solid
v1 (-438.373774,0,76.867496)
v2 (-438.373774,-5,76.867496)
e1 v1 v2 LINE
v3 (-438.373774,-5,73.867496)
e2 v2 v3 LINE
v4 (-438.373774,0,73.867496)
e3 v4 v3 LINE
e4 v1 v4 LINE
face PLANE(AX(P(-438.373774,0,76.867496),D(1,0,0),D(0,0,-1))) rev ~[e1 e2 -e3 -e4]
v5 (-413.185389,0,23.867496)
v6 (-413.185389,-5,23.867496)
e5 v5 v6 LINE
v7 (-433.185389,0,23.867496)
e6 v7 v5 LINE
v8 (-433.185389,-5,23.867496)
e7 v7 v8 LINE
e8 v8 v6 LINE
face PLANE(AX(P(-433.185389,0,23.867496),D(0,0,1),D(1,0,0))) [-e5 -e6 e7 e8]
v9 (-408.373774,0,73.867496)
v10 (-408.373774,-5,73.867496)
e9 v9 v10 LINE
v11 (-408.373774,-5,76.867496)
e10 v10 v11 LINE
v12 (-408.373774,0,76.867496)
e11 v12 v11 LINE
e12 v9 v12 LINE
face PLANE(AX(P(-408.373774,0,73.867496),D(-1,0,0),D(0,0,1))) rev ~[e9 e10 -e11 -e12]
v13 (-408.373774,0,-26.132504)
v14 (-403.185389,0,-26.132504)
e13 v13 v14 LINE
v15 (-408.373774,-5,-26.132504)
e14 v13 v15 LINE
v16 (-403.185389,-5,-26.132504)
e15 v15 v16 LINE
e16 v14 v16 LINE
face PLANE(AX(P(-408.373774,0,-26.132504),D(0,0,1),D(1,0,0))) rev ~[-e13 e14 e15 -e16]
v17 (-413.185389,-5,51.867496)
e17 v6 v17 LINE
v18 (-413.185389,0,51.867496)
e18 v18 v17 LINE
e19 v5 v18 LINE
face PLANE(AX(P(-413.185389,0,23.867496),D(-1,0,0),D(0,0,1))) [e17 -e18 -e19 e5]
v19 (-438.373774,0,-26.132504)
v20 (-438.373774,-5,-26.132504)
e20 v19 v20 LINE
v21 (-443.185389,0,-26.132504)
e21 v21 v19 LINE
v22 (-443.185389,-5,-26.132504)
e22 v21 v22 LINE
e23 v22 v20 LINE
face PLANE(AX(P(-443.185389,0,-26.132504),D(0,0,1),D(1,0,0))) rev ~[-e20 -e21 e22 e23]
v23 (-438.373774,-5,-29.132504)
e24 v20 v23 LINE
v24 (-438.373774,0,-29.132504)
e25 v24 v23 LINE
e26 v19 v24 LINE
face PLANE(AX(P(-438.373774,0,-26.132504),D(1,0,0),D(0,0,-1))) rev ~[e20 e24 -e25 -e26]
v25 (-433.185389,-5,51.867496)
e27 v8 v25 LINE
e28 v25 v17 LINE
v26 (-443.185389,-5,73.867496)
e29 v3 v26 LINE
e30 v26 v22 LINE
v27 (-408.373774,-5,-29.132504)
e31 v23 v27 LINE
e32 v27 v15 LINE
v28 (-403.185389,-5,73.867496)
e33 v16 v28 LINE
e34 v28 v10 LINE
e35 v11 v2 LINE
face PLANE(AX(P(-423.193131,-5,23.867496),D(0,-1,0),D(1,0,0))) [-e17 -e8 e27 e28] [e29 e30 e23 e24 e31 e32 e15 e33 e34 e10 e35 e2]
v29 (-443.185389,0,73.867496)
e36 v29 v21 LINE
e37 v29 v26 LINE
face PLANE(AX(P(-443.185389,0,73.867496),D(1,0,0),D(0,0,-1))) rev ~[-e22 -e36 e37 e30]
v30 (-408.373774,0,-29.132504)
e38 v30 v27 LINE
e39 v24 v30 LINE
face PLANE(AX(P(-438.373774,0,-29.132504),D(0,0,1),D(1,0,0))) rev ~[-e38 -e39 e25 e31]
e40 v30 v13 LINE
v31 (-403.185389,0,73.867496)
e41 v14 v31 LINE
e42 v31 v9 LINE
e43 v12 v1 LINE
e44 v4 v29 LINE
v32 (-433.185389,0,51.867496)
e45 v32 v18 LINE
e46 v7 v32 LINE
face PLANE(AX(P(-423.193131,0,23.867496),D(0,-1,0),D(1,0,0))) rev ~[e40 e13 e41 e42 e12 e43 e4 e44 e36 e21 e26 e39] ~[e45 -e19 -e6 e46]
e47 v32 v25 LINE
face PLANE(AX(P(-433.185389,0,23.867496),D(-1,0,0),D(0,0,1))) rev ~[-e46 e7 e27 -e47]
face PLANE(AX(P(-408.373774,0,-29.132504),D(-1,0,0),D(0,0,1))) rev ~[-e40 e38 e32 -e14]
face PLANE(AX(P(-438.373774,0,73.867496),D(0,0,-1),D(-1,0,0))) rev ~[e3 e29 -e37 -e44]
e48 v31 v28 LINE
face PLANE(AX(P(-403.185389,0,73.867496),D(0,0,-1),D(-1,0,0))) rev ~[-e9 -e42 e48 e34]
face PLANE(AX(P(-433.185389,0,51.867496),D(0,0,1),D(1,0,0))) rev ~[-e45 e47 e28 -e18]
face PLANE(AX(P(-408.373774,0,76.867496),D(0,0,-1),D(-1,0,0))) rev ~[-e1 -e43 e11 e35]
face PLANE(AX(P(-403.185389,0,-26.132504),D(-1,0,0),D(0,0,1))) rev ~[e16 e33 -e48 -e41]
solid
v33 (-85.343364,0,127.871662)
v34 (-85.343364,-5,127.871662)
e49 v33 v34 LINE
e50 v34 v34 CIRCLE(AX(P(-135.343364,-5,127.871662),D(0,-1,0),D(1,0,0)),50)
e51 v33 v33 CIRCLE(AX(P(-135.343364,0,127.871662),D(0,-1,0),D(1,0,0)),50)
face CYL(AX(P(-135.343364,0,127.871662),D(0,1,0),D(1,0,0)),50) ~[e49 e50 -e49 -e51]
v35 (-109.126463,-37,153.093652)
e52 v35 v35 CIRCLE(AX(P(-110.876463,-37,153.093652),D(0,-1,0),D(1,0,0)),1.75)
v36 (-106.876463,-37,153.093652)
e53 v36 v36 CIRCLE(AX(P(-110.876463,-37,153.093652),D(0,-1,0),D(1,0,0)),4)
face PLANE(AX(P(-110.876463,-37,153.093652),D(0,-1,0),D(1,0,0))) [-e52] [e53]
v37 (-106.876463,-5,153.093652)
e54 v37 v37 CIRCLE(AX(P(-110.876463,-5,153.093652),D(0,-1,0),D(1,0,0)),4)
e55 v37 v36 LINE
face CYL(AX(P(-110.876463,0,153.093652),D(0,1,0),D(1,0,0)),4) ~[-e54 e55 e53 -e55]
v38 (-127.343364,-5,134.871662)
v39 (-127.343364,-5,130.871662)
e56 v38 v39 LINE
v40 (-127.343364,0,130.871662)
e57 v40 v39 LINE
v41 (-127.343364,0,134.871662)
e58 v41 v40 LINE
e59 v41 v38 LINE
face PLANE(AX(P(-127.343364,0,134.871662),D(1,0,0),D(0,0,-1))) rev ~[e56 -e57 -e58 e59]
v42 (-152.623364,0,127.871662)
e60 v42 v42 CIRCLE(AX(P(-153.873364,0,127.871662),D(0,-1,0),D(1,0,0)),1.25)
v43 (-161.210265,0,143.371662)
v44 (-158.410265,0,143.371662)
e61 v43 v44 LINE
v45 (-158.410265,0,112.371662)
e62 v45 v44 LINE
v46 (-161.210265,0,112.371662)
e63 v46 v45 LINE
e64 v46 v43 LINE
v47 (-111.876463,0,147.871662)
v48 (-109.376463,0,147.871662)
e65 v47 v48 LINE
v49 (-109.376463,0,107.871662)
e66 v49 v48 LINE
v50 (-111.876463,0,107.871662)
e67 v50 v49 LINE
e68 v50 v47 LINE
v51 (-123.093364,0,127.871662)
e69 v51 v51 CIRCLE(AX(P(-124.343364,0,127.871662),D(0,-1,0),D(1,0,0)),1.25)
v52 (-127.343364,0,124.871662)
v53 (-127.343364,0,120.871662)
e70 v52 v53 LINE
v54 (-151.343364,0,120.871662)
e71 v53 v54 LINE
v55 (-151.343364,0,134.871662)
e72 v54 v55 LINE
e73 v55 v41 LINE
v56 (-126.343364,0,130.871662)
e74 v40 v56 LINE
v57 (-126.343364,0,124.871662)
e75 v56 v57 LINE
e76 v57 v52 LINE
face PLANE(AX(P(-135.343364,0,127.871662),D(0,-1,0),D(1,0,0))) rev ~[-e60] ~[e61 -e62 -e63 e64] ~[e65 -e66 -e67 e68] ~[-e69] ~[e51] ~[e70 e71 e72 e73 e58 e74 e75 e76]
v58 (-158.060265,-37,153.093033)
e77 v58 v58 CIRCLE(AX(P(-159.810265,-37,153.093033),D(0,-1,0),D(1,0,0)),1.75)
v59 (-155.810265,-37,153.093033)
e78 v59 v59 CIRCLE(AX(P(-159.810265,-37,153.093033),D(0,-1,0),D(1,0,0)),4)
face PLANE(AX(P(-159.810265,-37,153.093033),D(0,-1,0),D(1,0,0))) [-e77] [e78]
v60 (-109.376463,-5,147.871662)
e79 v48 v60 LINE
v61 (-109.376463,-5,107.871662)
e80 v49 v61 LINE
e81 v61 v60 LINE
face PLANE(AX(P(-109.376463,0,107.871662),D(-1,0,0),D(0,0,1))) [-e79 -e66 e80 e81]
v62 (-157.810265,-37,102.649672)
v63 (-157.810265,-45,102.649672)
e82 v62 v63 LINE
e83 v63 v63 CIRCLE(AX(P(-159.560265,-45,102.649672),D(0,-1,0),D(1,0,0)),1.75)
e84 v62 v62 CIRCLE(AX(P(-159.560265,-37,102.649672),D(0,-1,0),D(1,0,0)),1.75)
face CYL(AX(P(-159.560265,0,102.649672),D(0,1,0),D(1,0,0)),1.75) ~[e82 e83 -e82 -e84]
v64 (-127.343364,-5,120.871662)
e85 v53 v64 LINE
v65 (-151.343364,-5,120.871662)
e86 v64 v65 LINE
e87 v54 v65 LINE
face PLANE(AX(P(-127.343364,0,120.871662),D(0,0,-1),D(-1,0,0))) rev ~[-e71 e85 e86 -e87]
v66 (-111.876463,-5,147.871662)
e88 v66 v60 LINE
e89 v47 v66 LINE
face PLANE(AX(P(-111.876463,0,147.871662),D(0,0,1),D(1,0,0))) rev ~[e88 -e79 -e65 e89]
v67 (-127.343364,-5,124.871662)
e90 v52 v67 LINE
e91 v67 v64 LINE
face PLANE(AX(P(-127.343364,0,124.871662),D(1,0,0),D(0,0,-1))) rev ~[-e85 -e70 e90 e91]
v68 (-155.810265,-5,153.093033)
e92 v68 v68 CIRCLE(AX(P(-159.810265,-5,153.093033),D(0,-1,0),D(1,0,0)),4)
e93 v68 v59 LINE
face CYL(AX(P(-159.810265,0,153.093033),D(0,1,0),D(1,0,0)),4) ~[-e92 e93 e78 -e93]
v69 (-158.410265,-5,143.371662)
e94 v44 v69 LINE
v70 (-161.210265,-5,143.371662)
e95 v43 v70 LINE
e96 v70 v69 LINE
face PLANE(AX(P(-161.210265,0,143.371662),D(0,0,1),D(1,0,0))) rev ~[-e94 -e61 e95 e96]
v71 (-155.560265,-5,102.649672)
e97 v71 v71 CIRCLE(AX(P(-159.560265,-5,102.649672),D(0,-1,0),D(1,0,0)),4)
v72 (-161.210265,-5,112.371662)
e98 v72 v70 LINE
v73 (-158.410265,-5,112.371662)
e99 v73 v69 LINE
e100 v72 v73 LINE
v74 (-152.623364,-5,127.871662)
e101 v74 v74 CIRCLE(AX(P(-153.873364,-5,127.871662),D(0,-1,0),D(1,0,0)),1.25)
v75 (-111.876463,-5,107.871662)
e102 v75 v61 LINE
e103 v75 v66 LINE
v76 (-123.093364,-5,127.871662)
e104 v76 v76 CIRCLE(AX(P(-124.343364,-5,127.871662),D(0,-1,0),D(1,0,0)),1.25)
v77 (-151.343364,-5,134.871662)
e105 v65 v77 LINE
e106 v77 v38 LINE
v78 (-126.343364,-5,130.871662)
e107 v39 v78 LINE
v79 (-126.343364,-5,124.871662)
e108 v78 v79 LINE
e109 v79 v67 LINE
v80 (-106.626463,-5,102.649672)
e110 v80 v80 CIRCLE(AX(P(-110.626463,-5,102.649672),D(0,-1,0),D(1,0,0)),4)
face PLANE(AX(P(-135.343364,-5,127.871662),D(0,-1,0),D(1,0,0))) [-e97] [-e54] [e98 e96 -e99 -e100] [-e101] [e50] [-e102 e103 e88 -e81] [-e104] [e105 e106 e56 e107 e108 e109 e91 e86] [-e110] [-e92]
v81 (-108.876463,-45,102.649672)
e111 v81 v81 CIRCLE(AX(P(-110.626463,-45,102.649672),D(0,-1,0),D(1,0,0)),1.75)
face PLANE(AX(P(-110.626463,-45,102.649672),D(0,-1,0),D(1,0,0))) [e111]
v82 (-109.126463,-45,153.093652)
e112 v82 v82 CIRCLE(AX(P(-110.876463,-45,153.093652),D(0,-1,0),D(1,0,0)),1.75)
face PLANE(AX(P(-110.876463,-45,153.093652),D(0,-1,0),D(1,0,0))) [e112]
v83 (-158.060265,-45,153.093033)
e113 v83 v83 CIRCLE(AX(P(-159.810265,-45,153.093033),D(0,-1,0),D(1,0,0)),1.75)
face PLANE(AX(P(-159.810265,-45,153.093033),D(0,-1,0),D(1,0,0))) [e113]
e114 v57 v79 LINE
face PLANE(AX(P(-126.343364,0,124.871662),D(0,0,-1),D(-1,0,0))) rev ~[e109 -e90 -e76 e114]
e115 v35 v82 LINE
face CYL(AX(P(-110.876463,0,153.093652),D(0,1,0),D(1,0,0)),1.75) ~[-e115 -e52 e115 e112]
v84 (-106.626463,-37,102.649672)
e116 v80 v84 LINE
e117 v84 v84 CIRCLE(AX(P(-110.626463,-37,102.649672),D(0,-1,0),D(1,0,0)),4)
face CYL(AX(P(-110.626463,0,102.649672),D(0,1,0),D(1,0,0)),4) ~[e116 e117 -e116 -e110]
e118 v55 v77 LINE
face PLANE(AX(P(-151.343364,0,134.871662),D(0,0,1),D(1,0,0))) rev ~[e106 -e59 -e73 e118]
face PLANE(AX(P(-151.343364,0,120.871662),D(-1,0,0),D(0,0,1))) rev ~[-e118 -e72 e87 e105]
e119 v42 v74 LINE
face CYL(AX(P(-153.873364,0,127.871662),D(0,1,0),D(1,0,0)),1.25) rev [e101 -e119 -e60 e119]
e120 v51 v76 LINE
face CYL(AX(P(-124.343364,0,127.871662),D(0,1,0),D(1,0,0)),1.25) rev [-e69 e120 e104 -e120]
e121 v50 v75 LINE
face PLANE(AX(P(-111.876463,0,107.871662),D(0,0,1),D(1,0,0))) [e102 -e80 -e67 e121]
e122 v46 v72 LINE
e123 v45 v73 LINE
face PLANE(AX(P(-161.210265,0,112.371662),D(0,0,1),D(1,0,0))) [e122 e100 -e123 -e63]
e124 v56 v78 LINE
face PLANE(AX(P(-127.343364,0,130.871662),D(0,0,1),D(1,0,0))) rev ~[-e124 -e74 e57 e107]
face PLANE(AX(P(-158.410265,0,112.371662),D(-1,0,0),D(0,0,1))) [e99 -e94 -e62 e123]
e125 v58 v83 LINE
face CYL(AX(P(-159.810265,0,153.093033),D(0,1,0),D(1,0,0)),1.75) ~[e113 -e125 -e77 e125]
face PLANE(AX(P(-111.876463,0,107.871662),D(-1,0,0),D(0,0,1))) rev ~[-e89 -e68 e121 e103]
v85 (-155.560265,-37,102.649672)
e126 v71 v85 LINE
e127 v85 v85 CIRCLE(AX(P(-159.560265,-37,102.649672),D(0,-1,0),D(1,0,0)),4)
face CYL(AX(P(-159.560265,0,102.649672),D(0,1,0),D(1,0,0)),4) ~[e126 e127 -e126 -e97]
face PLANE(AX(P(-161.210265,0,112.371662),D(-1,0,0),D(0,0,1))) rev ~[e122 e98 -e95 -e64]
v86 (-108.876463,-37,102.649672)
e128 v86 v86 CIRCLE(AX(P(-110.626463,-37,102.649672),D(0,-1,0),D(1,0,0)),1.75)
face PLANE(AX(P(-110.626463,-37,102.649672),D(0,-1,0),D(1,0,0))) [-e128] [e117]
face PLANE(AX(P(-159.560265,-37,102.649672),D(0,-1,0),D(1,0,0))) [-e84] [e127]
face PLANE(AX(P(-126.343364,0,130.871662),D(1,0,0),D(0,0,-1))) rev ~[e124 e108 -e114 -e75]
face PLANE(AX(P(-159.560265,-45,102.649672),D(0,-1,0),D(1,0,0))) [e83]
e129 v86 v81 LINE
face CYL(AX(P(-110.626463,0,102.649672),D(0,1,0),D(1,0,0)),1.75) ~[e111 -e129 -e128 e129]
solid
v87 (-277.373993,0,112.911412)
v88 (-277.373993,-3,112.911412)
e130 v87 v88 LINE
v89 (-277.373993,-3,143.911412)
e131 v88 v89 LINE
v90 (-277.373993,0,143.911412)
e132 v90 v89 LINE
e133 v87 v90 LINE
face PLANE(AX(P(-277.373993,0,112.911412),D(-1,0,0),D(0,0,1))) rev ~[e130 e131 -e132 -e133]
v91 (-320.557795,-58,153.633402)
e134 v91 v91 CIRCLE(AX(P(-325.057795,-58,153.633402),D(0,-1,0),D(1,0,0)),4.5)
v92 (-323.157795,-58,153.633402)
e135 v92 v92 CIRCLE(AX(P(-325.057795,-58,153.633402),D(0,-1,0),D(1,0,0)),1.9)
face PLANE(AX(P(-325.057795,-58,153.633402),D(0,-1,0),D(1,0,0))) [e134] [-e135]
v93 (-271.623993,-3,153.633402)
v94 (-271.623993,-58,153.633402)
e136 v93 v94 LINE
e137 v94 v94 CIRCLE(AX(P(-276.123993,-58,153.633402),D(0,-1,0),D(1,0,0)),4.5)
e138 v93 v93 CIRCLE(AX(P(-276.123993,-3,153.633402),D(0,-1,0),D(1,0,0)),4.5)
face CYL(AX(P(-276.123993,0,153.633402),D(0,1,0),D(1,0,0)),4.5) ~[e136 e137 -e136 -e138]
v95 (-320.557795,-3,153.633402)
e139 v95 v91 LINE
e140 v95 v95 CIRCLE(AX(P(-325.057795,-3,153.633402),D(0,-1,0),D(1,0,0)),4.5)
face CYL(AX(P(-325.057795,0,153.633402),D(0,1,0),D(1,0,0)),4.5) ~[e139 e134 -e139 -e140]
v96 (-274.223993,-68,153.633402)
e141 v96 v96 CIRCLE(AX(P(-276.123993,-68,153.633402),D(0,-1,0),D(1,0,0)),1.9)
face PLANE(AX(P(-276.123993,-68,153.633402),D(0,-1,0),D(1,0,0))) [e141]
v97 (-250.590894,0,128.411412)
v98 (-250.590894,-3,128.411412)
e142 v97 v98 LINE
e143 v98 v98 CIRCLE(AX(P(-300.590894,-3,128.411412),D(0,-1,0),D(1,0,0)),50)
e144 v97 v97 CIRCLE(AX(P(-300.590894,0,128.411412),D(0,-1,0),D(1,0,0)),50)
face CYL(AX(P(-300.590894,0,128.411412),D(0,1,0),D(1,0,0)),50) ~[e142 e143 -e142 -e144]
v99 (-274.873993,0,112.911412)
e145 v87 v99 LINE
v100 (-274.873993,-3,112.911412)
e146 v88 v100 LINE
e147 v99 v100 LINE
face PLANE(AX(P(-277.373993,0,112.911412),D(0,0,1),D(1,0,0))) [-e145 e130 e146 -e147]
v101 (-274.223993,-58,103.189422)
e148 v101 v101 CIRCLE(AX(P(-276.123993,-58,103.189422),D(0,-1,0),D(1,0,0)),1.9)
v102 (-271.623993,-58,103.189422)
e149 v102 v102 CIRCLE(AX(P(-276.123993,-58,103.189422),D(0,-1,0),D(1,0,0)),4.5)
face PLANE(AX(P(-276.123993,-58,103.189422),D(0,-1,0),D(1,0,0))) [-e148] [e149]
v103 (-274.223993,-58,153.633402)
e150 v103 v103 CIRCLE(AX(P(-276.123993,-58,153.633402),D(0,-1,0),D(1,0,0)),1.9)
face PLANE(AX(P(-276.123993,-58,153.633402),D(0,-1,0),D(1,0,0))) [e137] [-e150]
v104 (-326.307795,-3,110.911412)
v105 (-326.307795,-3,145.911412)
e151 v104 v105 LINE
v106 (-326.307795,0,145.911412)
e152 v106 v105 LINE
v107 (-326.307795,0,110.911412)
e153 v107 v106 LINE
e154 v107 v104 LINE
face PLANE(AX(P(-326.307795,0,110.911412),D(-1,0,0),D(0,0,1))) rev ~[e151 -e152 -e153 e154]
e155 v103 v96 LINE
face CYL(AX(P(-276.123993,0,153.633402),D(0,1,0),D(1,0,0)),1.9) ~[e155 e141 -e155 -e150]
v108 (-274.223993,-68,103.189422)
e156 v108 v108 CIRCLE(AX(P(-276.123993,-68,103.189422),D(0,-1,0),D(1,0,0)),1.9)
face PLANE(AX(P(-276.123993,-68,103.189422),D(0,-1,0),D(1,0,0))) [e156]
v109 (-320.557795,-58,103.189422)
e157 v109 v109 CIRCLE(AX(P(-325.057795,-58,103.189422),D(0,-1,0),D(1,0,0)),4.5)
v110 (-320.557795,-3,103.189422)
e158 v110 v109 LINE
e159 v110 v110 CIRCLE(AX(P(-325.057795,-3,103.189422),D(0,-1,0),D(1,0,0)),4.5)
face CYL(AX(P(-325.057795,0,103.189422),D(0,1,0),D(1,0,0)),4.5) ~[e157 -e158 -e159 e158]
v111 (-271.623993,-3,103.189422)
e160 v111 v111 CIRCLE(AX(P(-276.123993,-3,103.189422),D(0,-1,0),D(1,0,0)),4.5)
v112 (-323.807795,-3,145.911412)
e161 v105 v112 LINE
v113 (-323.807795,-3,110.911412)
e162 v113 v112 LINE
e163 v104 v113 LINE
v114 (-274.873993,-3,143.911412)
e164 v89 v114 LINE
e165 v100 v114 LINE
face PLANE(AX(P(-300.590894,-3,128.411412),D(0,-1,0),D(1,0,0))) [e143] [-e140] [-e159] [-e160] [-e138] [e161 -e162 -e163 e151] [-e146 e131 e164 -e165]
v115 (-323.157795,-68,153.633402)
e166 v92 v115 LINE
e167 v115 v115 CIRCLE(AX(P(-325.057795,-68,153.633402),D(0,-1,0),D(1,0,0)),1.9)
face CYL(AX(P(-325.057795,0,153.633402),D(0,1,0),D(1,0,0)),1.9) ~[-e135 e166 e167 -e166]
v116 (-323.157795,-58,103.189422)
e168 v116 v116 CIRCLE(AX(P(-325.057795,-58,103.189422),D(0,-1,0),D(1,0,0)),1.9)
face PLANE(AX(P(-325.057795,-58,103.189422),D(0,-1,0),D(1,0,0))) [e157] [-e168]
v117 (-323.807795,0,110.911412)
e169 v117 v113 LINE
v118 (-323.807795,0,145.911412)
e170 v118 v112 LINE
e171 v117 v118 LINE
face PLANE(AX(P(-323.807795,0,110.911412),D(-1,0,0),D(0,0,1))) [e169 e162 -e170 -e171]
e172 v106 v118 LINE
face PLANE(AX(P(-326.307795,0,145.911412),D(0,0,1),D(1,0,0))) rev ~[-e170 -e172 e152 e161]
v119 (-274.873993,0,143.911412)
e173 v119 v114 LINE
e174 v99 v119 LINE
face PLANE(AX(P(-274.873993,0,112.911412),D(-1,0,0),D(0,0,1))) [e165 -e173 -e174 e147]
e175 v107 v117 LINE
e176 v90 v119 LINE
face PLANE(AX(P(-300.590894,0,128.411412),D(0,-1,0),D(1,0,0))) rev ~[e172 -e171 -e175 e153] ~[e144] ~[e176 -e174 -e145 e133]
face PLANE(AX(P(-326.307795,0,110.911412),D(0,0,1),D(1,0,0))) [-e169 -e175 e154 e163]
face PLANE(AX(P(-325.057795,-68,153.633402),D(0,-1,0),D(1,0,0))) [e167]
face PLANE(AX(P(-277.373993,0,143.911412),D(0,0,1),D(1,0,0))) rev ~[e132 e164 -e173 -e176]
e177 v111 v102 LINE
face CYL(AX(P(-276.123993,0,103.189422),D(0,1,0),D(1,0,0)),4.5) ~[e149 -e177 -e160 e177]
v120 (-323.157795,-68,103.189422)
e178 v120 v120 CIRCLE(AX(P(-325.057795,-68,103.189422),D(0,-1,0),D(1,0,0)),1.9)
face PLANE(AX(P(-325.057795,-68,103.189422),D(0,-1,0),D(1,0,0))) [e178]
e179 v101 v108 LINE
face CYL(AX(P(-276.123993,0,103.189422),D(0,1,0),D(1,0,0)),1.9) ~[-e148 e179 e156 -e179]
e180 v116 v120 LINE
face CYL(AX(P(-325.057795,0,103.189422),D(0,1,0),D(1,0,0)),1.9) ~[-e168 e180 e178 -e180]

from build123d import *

# Parameters (mm, degrees)
F0_R     = 50
F0_R_2   = 4
F0_W     = 2.8
F0_H     = 31
F0_R_3   = 1.25
F0_W_2   = 2.5
F0_H_2   = 40
F1_DEPTH = 5
F0_R_4   = 1.75
F2_DEPTH = 37
F3_DEPTH = 45
F0_W_3   = 20
F0_H_3   = 28
F4_DEPTH = 5
F0_R_5   = 4.5
F0_H_4   = 35
F5_DEPTH = 3
F0_R_6   = 1.9
F6_DEPTH = 58
F7_DEPTH = 68


with BuildPart() as f1:
    # F0 (on Front) → F1 (new body)
    with BuildSketch(Plane.XZ):
        with Locations((-135.343364, 127.871662)):
            Circle(F0_R)
        with Locations((-159.560265, 102.649672)):
            Circle(F0_R_2, mode=Mode.SUBTRACT)
        with Locations((-110.626463, 102.649672)):
            Circle(F0_R_2, mode=Mode.SUBTRACT)
        with Locations((-159.810265, 127.871662)):
            Rectangle(F0_W, F0_H, mode=Mode.SUBTRACT)
        with Locations((-153.873364, 127.871662)):
            Circle(F0_R_3, mode=Mode.SUBTRACT)
        Polygon((-151.343364, 134.871662), (-127.343364, 134.871662), (-127.343364, 130.871662), (-126.343364, 130.871662), (-126.343364, 124.871662), (-127.343364, 124.871662), (-127.343364, 120.871662), (-151.343364, 120.871662), align=None, mode=Mode.SUBTRACT)
        with Locations((-124.343364, 127.871662)):
            Circle(F0_R_3, mode=Mode.SUBTRACT)
        with Locations((-110.626463, 127.871662)):
            Rectangle(F0_W_2, F0_H_2, mode=Mode.SUBTRACT)
        with Locations((-159.810265, 153.093033)):
            Circle(F0_R_2, mode=Mode.SUBTRACT)
        with Locations((-110.876463, 153.093652)):
            Circle(F0_R_2, mode=Mode.SUBTRACT)
    extrude(amount=F1_DEPTH)

    # F0 (on Front) → F2 (join)
    with BuildSketch(Plane.XZ):
        with Locations((-159.560265, 102.649672)):
            Circle(F0_R_2)
        with Locations((-159.560265, 102.649672)):
            Circle(F0_R_4, mode=Mode.SUBTRACT)
        with Locations((-110.626463, 102.649672)):
            Circle(F0_R_2)
        with Locations((-110.626463, 102.649672)):
            Circle(F0_R_4, mode=Mode.SUBTRACT)
        with Locations((-110.876463, 153.093652)):
            Circle(F0_R_2)
        with Locations((-110.876463, 153.093652)):
            Circle(F0_R_4, mode=Mode.SUBTRACT)
        with Locations((-159.810265, 153.093033)):
            Circle(F0_R_2)
        with Locations((-159.810265, 153.093033)):
            Circle(F0_R_4, mode=Mode.SUBTRACT)
    extrude(amount=F2_DEPTH)

    # F0 (on Front) → F3 (join)
    with BuildSketch(Plane.XZ):
        with Locations((-159.810265, 153.093033)):
            Circle(F0_R_4)
        with Locations((-110.876463, 153.093652)):
            Circle(F0_R_4)
        with Locations((-110.626463, 102.649672)):
            Circle(F0_R_4)
        with Locations((-159.560265, 102.649672)):
            Circle(F0_R_4)
    extrude(amount=F3_DEPTH)


with BuildPart() as f4:
    # F0 (on Front) → F4 (new body)
    with BuildSketch(Plane.XZ):
        Polygon((-408.373774, -26.132504), (-403.185389, -26.132504), (-403.185389, 73.867496), (-408.373774, 73.867496), (-408.373774, 76.867496), (-438.373774, 76.867496), (-438.373774, 73.867496), (-443.185389, 73.867496), (-443.185389, -26.132504), (-438.373774, -26.132504), (-438.373774, -29.132504), (-408.373774, -29.132504), align=None)
        with Locations((-423.185389, 37.867496)):
            Rectangle(F0_W_3, F0_H_3, mode=Mode.SUBTRACT)
    extrude(amount=F4_DEPTH)


with BuildPart() as f5:
    # F0 (on Front) → F5 (new body)
    with BuildSketch(Plane.XZ):
        with Locations((-300.590894, 128.411412)):
            Circle(F0_R)
        with BuildLine():
            Line((-330.057795, 161.633402), (-271.123993, 161.633402))
            ThreePointArc((-271.123993, 161.633402), (-267.588459, 160.168936), (-266.123993, 156.633402))
            Line((-266.123993, 156.633402), (-266.123993, 100.189422))
            ThreePointArc((-266.123993, 100.189422), (-267.588459, 96.653888), (-271.123993, 95.189422))
            Line((-271.123993, 95.189422), (-330.057795, 95.189422))
            ThreePointArc((-330.057795, 95.189422), (-333.593329, 96.653888), (-335.057795, 100.189422))
            Line((-335.057795, 100.189422), (-335.057795, 156.633402))
            ThreePointArc((-335.057795, 156.633402), (-333.593329, 160.168936), (-330.057795, 161.633402))
        make_face(mode=Mode.SUBTRACT)
        with BuildLine():
            ThreePointArc((-266.123993, 156.633402), (-267.588459, 160.168936), (-271.123993, 161.633402))
            Line((-271.123993, 161.633402), (-330.057795, 161.633402))
            ThreePointArc((-330.057795, 161.633402), (-333.593329, 160.168936), (-335.057795, 156.633402))
            Line((-335.057795, 156.633402), (-335.057795, 100.189422))
            ThreePointArc((-335.057795, 100.189422), (-333.593329, 96.653888), (-330.057795, 95.189422))
            Line((-330.057795, 95.189422), (-271.123993, 95.189422))
            ThreePointArc((-271.123993, 95.189422), (-267.588459, 96.653888), (-266.123993, 100.189422))
            Line((-266.123993, 100.189422), (-266.123993, 156.633402))
        make_face()
        with Locations((-325.057795, 103.189422)):
            Circle(F0_R_5, mode=Mode.SUBTRACT)
        with Locations((-276.123993, 103.189422)):
            Circle(F0_R_5, mode=Mode.SUBTRACT)
        with Locations((-325.057795, 128.411412)):
            Rectangle(F0_W_2, F0_H_4, mode=Mode.SUBTRACT)
        with Locations((-276.123993, 128.411412)):
            Rectangle(F0_W_2, F0_H, mode=Mode.SUBTRACT)
        with Locations((-325.057795, 153.633402)):
            Circle(F0_R_5, mode=Mode.SUBTRACT)
        with Locations((-276.123993, 153.633402)):
            Circle(F0_R_5, mode=Mode.SUBTRACT)
    extrude(amount=F5_DEPTH)

    # F0 (on Front) → F6 (join)
    with BuildSketch(Plane.XZ):
        with Locations((-325.057795, 153.633402)):
            Circle(F0_R_5)
        with Locations((-325.057795, 153.633402)):
            Circle(F0_R_6, mode=Mode.SUBTRACT)
        with Locations((-276.123993, 153.633402)):
            Circle(F0_R_5)
        with Locations((-276.123993, 153.633402)):
            Circle(F0_R_6, mode=Mode.SUBTRACT)
        with Locations((-276.123993, 103.189422)):
            Circle(F0_R_5)
        with Locations((-276.123993, 103.189422)):
            Circle(F0_R_6, mode=Mode.SUBTRACT)
        with Locations((-325.057795, 103.189422)):
            Circle(F0_R_5)
        with Locations((-325.057795, 103.189422)):
            Circle(F0_R_6, mode=Mode.SUBTRACT)
    extrude(amount=F6_DEPTH)

    # F0 (on Front) → F7 (join)
    with BuildSketch(Plane.XZ):
        with Locations((-325.057795, 153.633402)):
            Circle(F0_R_6)
        with Locations((-276.123993, 153.633402)):
            Circle(F0_R_6)
        with Locations((-276.123993, 103.189422)):
            Circle(F0_R_6)
        with Locations((-325.057795, 103.189422)):
            Circle(F0_R_6)
    extrude(amount=F7_DEPTH)


solid = Compound([f1.part, f4.part, f5.part])
